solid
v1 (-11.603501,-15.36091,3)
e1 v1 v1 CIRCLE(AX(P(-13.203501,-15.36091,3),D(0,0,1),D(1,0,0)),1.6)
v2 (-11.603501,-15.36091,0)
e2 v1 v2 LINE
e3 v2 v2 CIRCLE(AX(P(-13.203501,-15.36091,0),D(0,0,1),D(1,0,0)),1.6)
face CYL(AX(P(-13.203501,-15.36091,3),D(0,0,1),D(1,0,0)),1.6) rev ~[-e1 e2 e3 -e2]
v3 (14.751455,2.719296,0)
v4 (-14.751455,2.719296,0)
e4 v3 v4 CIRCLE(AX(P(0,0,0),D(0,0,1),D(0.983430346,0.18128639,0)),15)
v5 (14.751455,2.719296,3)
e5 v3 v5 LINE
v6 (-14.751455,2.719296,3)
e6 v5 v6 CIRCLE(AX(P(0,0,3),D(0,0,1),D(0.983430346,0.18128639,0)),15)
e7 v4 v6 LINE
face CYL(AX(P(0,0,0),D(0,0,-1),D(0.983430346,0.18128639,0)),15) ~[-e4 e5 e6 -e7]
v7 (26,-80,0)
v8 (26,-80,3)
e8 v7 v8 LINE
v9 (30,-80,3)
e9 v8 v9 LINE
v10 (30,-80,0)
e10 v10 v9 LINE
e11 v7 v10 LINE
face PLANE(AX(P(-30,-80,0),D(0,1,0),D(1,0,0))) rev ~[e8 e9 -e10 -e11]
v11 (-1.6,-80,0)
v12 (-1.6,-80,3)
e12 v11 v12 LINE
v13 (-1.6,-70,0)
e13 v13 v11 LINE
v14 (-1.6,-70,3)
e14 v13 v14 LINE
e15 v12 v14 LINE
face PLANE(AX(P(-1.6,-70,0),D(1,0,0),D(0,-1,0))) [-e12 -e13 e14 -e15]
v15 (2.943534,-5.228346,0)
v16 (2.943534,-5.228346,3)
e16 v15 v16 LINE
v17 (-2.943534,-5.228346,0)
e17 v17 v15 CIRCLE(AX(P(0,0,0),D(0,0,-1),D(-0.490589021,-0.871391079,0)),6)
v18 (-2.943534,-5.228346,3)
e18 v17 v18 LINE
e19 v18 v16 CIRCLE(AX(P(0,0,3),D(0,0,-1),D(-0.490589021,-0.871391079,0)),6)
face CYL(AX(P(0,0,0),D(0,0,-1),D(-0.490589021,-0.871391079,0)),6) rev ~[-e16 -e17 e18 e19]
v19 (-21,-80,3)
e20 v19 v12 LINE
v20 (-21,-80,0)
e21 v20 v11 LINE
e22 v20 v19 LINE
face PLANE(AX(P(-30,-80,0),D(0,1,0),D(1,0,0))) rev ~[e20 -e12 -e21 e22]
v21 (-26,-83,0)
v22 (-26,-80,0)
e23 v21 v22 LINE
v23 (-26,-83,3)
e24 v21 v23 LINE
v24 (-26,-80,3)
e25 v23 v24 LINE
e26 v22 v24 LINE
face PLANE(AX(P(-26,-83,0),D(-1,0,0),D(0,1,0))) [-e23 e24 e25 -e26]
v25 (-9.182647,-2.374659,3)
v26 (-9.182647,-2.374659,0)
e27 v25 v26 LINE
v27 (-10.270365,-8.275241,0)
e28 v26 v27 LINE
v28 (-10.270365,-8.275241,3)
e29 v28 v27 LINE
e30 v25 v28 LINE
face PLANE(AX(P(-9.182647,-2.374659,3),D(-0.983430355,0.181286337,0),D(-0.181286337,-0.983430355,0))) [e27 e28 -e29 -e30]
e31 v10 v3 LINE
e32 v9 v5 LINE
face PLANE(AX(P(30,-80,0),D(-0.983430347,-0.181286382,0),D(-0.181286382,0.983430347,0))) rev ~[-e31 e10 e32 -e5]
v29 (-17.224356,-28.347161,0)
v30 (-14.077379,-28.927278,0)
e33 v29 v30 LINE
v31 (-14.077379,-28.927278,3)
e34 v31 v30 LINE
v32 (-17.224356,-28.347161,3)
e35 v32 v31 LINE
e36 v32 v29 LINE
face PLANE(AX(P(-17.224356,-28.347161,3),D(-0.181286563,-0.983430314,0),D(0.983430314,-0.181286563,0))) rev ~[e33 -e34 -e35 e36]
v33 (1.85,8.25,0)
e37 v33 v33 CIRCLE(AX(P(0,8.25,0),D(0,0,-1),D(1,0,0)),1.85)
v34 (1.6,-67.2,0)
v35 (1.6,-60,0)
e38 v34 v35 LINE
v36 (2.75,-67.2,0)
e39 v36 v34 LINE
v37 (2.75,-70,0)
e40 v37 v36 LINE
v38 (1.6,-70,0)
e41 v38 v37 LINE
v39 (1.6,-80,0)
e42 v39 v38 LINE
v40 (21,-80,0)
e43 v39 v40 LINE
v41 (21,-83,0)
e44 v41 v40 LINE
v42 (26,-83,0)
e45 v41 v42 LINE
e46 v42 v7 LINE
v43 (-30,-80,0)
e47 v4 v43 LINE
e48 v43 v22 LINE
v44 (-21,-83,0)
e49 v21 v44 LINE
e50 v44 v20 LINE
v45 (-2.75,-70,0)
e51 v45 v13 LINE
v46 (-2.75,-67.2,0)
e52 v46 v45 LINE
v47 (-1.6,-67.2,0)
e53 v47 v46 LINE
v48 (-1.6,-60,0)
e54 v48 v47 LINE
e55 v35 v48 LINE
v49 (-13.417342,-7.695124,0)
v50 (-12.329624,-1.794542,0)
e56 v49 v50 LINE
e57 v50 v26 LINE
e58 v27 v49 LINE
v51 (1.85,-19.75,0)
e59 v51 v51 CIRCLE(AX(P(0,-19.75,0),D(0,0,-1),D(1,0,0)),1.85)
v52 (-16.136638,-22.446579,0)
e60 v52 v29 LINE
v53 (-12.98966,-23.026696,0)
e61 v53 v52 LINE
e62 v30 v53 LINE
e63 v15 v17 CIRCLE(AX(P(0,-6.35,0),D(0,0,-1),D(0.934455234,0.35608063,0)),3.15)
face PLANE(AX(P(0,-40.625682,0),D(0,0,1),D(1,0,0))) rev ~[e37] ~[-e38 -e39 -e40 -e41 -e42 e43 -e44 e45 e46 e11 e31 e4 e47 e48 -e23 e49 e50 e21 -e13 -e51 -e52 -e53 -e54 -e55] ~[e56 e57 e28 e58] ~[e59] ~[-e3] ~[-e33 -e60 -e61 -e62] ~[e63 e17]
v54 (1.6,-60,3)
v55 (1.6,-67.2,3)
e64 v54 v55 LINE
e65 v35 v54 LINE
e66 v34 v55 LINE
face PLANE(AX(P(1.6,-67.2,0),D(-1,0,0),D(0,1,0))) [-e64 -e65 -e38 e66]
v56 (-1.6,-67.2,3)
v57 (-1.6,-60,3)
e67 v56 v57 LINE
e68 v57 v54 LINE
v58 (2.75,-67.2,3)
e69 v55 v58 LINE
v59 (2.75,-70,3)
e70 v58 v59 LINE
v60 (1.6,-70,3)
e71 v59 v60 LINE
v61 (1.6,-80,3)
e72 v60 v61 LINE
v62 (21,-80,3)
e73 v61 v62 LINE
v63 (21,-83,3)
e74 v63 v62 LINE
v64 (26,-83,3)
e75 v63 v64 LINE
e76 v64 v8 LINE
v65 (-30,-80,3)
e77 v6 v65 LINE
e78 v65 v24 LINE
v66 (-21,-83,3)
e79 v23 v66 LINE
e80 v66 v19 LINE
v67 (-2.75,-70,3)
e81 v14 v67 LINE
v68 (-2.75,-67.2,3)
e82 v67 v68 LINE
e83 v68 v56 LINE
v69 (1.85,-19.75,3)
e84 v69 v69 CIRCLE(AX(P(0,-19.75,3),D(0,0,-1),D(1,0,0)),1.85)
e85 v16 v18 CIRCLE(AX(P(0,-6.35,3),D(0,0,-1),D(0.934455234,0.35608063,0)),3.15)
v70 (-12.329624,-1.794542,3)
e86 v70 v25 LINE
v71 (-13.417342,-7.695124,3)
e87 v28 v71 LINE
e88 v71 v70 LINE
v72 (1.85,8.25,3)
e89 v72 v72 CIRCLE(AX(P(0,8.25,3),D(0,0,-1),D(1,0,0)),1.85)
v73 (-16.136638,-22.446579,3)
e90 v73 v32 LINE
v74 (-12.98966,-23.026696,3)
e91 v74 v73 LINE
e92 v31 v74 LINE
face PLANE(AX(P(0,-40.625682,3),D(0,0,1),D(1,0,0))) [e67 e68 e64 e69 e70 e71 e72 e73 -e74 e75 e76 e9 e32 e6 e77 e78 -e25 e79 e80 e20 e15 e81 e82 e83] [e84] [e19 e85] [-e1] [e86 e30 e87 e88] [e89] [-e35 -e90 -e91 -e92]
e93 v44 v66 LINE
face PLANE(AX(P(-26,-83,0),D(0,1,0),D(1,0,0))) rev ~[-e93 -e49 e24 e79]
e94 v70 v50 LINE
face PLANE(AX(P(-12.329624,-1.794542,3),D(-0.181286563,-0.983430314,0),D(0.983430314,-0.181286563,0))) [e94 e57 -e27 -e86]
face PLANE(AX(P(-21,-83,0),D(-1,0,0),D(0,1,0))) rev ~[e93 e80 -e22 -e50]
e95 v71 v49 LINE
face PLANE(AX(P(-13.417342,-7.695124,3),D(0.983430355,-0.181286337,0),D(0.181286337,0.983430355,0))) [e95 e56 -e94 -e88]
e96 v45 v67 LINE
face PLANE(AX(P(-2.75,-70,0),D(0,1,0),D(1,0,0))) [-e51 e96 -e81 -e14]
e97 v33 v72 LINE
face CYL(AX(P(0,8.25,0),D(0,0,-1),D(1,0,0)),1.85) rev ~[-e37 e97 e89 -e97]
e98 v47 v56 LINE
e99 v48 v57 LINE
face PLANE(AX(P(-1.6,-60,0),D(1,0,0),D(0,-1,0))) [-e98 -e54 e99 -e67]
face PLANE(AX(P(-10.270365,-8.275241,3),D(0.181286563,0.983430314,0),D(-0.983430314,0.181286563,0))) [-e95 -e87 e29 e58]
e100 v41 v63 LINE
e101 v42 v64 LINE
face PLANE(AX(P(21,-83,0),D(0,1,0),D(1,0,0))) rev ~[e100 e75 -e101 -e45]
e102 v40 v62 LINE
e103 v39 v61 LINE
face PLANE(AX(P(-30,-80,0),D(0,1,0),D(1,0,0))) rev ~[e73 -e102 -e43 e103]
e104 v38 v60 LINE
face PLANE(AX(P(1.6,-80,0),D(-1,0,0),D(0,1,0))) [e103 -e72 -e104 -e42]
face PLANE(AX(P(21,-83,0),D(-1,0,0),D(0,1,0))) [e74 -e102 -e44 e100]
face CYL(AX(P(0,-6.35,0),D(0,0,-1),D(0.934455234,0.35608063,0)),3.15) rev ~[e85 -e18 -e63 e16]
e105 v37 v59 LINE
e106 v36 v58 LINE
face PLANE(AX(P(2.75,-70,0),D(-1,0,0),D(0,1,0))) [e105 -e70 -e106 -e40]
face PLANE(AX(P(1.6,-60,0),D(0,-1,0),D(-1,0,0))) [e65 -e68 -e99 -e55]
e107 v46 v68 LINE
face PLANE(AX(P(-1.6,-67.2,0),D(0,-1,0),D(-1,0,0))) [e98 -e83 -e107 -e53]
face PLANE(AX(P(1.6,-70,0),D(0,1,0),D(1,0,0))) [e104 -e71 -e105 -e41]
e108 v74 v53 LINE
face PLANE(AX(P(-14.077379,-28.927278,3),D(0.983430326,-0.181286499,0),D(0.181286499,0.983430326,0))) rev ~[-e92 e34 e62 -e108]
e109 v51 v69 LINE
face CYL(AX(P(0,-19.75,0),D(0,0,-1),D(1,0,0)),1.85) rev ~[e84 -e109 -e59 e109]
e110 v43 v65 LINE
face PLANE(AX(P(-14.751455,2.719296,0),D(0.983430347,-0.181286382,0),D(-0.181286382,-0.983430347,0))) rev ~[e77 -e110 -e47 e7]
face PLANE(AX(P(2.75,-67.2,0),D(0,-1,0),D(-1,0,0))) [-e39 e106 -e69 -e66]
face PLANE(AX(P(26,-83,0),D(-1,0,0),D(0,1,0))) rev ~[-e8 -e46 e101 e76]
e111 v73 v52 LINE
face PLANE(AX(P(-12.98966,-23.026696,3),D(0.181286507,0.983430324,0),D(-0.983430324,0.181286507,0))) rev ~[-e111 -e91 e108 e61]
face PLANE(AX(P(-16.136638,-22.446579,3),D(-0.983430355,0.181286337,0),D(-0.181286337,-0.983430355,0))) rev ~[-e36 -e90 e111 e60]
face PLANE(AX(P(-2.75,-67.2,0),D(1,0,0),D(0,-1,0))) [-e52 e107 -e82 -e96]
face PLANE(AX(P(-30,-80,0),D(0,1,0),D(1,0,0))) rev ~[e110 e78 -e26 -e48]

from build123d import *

# Parameters (mm, degrees)
PAD004_DEPTH    = 3
SKETCH006_W     = 5
SKETCH006_H     = 3
PAD005_DEPTH    = 3
SKETCH008_R     = 1.85
POCKET002_DEPTH = 3.001
POCKET009_DEPTH = 3.001
SKETCH019_R     = 1.6
POCKET012_DEPTH = 3.001


with BuildPart() as part:
    # Sketch005 → Pad004 (new body)
    with BuildSketch(Plane.XY):
        with BuildLine():
            ThreePointArc((14.751455, 2.719296), (0, 15), (-14.751455, 2.719296))
            Line((-14.751455, 2.719296), (-30, -80))
            Line((-30, -80), (30, -80))
            Line((30, -80), (14.751455, 2.719296))
        make_face()
    extrude(amount=PAD004_DEPTH)

    # Sketch006 → Pad005 (join)
    with BuildSketch(Plane.XY):
        with Locations((-23.5, -81.5)):
            Rectangle(SKETCH006_W, SKETCH006_H)
        with Locations((23.5, -81.5)):
            Rectangle(SKETCH006_W, SKETCH006_H)
    extrude(amount=PAD005_DEPTH)

    # Sketch008 (on Face13 of Pad005) → Pocket002 (cut, through all)
    with BuildSketch(Plane(origin=(0, 0, 0), x_dir=(1, 0, 0), z_dir=(0, 0, -1))):
        with Locations((0, -8.25)):
            Circle(SKETCH008_R)
        with Locations((0, 19.75)):
            Circle(SKETCH008_R)
        with BuildLine():
            ThreePointArc((-2.943534, 5.228346), (0, -6), (2.943534, 5.228346))
            ThreePointArc((2.943534, 5.228346), (0, 9.5), (-2.943534, 5.228346))
        make_face()
    extrude(amount=-POCKET002_DEPTH, mode=Mode.SUBTRACT)

    # Sketch016 (on Face2 of Pocket002) → Pocket009 (cut, through all)
    with BuildSketch(Plane(origin=(0, 0, 0), x_dir=(1, 0, 0), z_dir=(0, 0, -1))):
        Polygon((-1.6, 80), (1.6, 80), (1.6, 70), (2.75, 70), (2.75, 67.2), (1.6, 67.2), (1.6, 60), (-1.6, 60), (-1.6, 67.2), (-2.75, 67.2), (-2.75, 70), (-1.6, 70), align=None)
    extrude(amount=-POCKET009_DEPTH, mode=Mode.SUBTRACT)

    # Sketch019 (on Face4 of Pocket009) → Pocket012 (cut, through all)
    with BuildSketch(Plane.XY.offset(3)):
        with Locations((-13.203501, -15.36091)):
            Circle(SKETCH019_R)
        Polygon((-13.417342, -7.695124), (-12.329624, -1.794542), (-9.182647, -2.374659), (-10.270365, -8.275241), align=None)
        Polygon((-12.98966, -23.026696), (-16.136638, -22.446579), (-17.224356, -28.347161), (-14.077379, -28.927278), align=None)
    extrude(amount=-POCKET012_DEPTH, mode=Mode.SUBTRACT)


solid = part.part
